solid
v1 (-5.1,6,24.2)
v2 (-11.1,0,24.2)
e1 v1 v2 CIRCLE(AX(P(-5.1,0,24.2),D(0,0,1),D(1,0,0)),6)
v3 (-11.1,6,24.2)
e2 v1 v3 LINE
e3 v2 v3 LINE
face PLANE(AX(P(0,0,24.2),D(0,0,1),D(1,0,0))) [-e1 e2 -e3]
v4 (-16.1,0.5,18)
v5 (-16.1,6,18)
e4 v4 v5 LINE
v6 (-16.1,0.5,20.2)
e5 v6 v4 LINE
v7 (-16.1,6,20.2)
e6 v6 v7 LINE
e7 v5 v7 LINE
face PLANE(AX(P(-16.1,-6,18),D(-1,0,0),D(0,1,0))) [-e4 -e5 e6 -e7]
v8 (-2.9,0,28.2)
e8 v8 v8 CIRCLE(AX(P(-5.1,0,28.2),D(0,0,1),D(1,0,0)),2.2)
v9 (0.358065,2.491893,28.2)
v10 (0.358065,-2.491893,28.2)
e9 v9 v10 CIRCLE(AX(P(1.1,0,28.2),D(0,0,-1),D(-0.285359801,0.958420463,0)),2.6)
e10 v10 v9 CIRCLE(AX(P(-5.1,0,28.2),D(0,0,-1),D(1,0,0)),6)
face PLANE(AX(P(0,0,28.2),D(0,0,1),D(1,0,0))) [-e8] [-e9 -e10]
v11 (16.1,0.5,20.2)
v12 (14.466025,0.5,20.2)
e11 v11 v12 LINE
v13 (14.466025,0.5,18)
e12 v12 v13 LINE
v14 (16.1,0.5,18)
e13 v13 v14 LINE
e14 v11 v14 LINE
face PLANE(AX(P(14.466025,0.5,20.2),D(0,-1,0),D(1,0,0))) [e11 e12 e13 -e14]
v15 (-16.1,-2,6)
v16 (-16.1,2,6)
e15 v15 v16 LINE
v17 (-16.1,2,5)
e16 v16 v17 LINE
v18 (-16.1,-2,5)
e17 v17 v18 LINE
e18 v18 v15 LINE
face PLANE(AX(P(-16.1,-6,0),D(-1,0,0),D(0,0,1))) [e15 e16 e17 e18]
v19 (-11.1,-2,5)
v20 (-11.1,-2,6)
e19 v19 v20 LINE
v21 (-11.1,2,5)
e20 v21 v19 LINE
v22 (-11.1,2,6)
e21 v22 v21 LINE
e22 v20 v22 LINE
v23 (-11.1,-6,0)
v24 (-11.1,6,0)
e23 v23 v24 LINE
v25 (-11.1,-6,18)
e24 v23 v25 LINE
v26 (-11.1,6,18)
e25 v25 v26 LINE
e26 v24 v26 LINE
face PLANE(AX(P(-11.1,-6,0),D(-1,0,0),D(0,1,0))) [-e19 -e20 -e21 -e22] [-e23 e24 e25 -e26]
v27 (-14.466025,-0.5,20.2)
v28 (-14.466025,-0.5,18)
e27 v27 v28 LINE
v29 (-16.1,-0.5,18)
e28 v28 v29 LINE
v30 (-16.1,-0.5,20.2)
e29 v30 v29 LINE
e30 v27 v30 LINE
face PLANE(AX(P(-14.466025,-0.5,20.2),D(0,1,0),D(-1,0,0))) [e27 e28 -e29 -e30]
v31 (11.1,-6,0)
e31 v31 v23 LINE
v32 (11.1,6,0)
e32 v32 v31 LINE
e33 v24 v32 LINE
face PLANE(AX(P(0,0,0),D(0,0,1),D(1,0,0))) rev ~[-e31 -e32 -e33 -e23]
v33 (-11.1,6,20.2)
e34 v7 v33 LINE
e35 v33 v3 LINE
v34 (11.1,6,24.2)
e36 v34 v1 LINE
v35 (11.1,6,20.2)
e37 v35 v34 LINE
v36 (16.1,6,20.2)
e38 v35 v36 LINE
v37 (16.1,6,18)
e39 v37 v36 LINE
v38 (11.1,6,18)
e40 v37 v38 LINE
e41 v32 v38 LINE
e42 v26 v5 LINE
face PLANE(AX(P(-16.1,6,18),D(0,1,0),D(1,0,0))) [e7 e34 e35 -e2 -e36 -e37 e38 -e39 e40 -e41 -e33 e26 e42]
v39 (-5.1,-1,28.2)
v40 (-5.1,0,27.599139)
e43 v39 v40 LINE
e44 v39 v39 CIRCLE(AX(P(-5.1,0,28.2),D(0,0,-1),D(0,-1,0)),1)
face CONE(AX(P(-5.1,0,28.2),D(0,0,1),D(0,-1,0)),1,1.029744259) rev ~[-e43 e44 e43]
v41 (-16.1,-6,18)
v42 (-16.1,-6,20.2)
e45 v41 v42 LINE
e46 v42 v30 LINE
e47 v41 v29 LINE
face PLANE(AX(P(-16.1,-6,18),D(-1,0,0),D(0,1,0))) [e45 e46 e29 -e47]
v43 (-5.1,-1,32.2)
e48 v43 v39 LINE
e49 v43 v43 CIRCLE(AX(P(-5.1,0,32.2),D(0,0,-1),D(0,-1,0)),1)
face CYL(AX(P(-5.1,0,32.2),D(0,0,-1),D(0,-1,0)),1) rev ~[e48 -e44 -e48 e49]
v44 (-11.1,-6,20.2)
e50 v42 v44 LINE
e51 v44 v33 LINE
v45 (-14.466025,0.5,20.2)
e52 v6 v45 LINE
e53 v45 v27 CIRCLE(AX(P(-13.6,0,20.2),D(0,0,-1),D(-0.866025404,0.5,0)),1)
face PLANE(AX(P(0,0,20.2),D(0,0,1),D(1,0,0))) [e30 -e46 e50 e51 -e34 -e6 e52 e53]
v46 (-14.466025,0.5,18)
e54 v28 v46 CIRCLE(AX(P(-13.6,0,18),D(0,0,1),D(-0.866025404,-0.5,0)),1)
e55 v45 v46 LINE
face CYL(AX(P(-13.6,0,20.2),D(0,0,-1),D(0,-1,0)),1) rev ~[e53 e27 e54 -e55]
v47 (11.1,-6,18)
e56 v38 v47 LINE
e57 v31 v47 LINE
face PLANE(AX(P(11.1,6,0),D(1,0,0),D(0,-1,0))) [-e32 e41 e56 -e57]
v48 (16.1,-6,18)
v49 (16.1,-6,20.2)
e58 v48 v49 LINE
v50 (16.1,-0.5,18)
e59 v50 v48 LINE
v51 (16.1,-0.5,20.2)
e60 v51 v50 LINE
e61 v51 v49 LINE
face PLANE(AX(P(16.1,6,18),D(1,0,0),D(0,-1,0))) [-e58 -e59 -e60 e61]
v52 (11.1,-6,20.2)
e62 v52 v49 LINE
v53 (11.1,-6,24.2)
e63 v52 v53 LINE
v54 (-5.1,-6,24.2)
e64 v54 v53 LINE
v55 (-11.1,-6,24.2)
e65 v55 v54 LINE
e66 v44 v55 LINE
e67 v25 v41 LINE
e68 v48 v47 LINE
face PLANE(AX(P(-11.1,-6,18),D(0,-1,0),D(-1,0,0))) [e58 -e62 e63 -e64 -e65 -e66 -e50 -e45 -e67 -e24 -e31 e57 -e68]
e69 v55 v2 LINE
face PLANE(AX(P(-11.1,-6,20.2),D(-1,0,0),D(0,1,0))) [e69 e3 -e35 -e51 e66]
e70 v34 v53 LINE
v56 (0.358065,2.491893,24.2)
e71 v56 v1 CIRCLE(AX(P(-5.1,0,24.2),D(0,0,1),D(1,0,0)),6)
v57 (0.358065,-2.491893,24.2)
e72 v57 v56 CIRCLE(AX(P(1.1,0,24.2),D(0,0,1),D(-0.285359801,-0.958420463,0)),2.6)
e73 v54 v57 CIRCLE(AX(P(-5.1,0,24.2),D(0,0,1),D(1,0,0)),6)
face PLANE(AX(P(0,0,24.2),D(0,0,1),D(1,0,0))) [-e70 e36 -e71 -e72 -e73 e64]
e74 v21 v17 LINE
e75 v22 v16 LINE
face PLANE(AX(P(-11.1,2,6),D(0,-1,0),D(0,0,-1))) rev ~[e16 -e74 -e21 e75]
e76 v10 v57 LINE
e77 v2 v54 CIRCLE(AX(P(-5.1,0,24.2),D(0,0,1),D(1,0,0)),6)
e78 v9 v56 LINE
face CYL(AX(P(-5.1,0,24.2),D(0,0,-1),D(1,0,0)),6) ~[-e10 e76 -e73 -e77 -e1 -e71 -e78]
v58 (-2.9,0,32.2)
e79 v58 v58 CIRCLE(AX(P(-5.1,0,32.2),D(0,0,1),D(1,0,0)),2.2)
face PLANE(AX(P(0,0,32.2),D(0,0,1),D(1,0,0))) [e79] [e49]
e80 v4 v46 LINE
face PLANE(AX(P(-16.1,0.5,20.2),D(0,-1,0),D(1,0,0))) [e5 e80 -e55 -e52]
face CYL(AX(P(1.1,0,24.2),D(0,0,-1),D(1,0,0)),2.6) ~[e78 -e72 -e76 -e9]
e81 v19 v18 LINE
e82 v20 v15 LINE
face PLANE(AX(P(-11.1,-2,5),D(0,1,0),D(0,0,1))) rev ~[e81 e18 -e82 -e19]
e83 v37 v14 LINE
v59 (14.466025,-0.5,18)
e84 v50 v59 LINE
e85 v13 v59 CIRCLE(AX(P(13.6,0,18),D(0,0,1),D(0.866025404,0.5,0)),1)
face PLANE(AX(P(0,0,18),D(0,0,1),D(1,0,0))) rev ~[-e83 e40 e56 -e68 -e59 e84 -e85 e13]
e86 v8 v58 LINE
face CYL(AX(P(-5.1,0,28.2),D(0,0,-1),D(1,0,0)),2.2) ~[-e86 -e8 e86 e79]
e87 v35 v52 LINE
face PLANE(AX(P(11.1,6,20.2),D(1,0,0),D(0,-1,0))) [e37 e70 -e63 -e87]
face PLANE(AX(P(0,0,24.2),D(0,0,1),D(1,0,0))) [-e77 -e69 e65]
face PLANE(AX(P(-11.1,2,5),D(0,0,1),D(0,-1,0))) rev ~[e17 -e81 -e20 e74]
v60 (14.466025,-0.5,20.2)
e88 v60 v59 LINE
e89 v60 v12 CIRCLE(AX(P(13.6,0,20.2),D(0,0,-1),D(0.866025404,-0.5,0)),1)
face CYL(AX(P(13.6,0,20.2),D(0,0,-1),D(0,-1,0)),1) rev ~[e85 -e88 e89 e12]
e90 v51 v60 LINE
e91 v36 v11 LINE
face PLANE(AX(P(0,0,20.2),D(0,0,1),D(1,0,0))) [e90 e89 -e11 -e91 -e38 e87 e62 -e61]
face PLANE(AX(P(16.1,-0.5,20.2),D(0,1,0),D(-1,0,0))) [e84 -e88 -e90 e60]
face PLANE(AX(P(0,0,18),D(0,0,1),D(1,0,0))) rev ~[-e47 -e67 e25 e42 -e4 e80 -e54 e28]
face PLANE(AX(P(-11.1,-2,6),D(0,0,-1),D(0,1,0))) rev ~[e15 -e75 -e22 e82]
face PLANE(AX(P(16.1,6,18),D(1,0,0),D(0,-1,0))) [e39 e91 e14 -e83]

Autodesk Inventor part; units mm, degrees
ref_plane "YZ Plane" through (0, 0, 0) normal (1, 0, 0) x (0, 1, 0)
ref_plane "XZ Plane" through (0, 0, 0) normal (0, 1, 0) x (-1, 0, 0)
ref_plane "XY Plane" through (0, 0, 0) normal (0, 0, 1) x (1, 0, 0)
sketch "Sketch1" plane through (0, 0, 0) normal (0, 0, 1) x (1, 0, 0)
  line L0 (-11.1, 6) -> (11.1, 6)
  line L1 (11.1, 6) -> (11.1, -6)
  line L2 (11.1, -6) -> (-11.1, -6)
  line L3 (-11.1, -6) -> (-11.1, 6)
  point P0 (0, 0)
  dimension "d0" = 22.2
  dimension "d1" = 12
  dimension "d2" = 6
  dimension "d3" = 11.1
extrude "Extrusion1" add sketch "Sketch1" along normal blind 18
sketch "Sketch2" plane through (0, 0, 18) normal (0, 0, 1) x (1, 0, 0)
  line L0 (-16.1, 6) -> (16.1, 6)
  line L1 (16.1, 6) -> (16.1, -6)
  line L2 (16.1, -6) -> (-16.1, -6)
  line L3 (-16.1, -6) -> (-16.1, 6)
  line L4 (11.1, 6) -> (-11.1, 6) projected
  line L5 (-11.1, -6) -> (11.1, -6) projected
  line L6 (-11.1, 6) -> (-11.1, -6) projected
  line L7 (11.1, -6) -> (11.1, 6) projected
  point P0 (0, 0)
  dimension "d6" = 5
  dimension "d7" = 5
extrude "Extrusion2" add sketch "Sketch2" along normal blind 2.2
sketch "Sketch3" plane through (0, 0, 20.2) normal (0, 0, 1) x (1, 0, 0)
  line L0 (16.1, 6) -> (-16.1, 6) projected
  line L1 (-16.1, -6) -> (16.1, -6) projected
  line L2 (-11.1, 6) -> (11.1, 6)
  line L3 (11.1, 6) -> (11.1, -6)
  line L4 (11.1, -6) -> (-11.1, -6)
  line L5 (-11.1, -6) -> (-11.1, 6)
  line L6 (-16.1, 6) -> (-16.1, -6) projected
  line L7 (16.1, -6) -> (16.1, 6) projected
  point P0 (0, 0)
  point P1 (-11.1, -6)
  dimension "d10" = 5
  dimension "d11" = 5
extrude "Extrusion3" add sketch "Sketch3" along normal blind 4 contours L3 L1 L5 L0
sketch "Sketch4" plane through (0, 0, 24.2) normal (0, 0, 1) x (1, 0, 0)
  circle A0 centre (-5.1, 0) radius 6
  line L0 (11.1, 6) -> (-11.1, 6) projected
  line L1 (-11.1, 6) -> (-11.1, -6) projected
  point P0 (0, 0)
  dimension "d14" = 6
extrude "Extrusion4" add sketch "Sketch4" along normal blind 4 contours A0
sketch "Sketch5" plane through (0, 0, 24.2) normal (0, 0, 1) x (1, 0, 0)
  circle A0 centre (1.1, 0) radius 2.6
  line L0 (11.1, -6) -> (11.1, 6) projected
  point P0 (0, 0)
  dimension "d17" = 5.2
  dimension "d18" = 10
extrude "Extrusion5" add sketch "Sketch5" along normal blind 4
sketch "Sketch6" plane through (0, 0, 28.2) normal (0, 0, 1) x (1, 0, 0)
  arc A0 (0.3581, 2.4919) -> (0.3581, -2.4919) centre (-5.1, 0) ccw projected
  circle A1 centre (-5.1, 0) radius 2.2
  point P0 (0, 0)
  dimension "d21" = 4.4
extrude "Extrusion6" add sketch "Sketch6" along normal blind 4
sketch "Sketch7" plane through (-5.1, 0, 32.2) normal (0, 0, 1) x (1, 0, 0)
  point P0 (5.1, 0)
  point P1 (0, 0)
hole "Hole1" at (-5.1, 0, 32.2) direction (0, 0, -1) diameter 2 depth 4 tip angle 118
sketch "Sketch8" plane through (0, 0, 20.2) normal (0, 0, 1) x (1, 0, 0)
  line L0 (-16.1, 6) -> (-16.1, -6) projected
  line L1 (16.1, -6) -> (16.1, 6) projected
  point P0 (0, 0)
  point P1 (-13.6, 0)
  point P2 (13.6, 0)
  dimension "d31" = 2.5
  dimension "d32" = 2.5
hole "Hole2" at (-13.6, 0, 20.2) at (13.6, 0, 20.2) direction (0, 0, -1) diameter 2 depth 4 tip angle 118
sketch "Sketch9" plane through (0, 0, 20.2) normal (0, 0, 1) x (1, 0, 0)
  line L0 (-16.1, 6) -> (-16.1, -6) projected
  line L1 (-16.1, 0.5) -> (-14.0089, 0.5)
  line L2 (-14.0089, 0.5) -> (-14.0089, -0.5)
  line L3 (-14.0089, -0.5) -> (-16.1, -0.5)
  line L4 (-16.1, -0.5) -> (-16.1, 0.5)
  circle A0 centre (-13.6, 0) radius 1 projected
  line L5 (16.1, -6) -> (16.1, 6) projected
  line L6 (13.947, 0.5) -> (16.1, 0.5)
  line L7 (16.1, 0.5) -> (16.1, -0.5)
  line L8 (16.1, -0.5) -> (13.947, -0.5)
  line L9 (13.947, -0.5) -> (13.947, 0.5)
  circle A1 centre (13.6, 0) radius 1 projected
  point P0 (0, 0)
  point P1 (-14.466, -0.5)
  point P2 (-14.466, 0.5)
  dimension "d40" = 1
  dimension "d41" = 0.5
  dimension "d42" = 1
  dimension "d43" = 0.5
extrude "Extrusion7" cut sketch "Sketch9" against normal blind 4 contours L1 A0 L3 L0 | L8 A1 L6 L5 | L8 L9 L6 A1 picked at (14.1647, 0)
sketch "Sketch10" plane through (-11.1, -6, 0) normal (-1, 0, 0) x (0, 0, 1)
  line L0 (6, 8) -> (5, 8)
  line L1 (5, 8) -> (5, 4)
  line L2 (5, 4) -> (6, 4)
  line L3 (6, 4) -> (6, 8)
  line L4 (0, 12) -> (0, 0) projected
  line L5 (0, 0) -> (18, 0) projected
  line L6 (0, 12) -> (18, 12) projected
  point P0 (0, 6)
  dimension "d46" = 1
  dimension "d47" = 5
  dimension "d48" = 4
  dimension "d49" = 4
extrude "Extrusion8" add sketch "Sketch10" along normal blind 5
properties part number "mg90s-servo"
